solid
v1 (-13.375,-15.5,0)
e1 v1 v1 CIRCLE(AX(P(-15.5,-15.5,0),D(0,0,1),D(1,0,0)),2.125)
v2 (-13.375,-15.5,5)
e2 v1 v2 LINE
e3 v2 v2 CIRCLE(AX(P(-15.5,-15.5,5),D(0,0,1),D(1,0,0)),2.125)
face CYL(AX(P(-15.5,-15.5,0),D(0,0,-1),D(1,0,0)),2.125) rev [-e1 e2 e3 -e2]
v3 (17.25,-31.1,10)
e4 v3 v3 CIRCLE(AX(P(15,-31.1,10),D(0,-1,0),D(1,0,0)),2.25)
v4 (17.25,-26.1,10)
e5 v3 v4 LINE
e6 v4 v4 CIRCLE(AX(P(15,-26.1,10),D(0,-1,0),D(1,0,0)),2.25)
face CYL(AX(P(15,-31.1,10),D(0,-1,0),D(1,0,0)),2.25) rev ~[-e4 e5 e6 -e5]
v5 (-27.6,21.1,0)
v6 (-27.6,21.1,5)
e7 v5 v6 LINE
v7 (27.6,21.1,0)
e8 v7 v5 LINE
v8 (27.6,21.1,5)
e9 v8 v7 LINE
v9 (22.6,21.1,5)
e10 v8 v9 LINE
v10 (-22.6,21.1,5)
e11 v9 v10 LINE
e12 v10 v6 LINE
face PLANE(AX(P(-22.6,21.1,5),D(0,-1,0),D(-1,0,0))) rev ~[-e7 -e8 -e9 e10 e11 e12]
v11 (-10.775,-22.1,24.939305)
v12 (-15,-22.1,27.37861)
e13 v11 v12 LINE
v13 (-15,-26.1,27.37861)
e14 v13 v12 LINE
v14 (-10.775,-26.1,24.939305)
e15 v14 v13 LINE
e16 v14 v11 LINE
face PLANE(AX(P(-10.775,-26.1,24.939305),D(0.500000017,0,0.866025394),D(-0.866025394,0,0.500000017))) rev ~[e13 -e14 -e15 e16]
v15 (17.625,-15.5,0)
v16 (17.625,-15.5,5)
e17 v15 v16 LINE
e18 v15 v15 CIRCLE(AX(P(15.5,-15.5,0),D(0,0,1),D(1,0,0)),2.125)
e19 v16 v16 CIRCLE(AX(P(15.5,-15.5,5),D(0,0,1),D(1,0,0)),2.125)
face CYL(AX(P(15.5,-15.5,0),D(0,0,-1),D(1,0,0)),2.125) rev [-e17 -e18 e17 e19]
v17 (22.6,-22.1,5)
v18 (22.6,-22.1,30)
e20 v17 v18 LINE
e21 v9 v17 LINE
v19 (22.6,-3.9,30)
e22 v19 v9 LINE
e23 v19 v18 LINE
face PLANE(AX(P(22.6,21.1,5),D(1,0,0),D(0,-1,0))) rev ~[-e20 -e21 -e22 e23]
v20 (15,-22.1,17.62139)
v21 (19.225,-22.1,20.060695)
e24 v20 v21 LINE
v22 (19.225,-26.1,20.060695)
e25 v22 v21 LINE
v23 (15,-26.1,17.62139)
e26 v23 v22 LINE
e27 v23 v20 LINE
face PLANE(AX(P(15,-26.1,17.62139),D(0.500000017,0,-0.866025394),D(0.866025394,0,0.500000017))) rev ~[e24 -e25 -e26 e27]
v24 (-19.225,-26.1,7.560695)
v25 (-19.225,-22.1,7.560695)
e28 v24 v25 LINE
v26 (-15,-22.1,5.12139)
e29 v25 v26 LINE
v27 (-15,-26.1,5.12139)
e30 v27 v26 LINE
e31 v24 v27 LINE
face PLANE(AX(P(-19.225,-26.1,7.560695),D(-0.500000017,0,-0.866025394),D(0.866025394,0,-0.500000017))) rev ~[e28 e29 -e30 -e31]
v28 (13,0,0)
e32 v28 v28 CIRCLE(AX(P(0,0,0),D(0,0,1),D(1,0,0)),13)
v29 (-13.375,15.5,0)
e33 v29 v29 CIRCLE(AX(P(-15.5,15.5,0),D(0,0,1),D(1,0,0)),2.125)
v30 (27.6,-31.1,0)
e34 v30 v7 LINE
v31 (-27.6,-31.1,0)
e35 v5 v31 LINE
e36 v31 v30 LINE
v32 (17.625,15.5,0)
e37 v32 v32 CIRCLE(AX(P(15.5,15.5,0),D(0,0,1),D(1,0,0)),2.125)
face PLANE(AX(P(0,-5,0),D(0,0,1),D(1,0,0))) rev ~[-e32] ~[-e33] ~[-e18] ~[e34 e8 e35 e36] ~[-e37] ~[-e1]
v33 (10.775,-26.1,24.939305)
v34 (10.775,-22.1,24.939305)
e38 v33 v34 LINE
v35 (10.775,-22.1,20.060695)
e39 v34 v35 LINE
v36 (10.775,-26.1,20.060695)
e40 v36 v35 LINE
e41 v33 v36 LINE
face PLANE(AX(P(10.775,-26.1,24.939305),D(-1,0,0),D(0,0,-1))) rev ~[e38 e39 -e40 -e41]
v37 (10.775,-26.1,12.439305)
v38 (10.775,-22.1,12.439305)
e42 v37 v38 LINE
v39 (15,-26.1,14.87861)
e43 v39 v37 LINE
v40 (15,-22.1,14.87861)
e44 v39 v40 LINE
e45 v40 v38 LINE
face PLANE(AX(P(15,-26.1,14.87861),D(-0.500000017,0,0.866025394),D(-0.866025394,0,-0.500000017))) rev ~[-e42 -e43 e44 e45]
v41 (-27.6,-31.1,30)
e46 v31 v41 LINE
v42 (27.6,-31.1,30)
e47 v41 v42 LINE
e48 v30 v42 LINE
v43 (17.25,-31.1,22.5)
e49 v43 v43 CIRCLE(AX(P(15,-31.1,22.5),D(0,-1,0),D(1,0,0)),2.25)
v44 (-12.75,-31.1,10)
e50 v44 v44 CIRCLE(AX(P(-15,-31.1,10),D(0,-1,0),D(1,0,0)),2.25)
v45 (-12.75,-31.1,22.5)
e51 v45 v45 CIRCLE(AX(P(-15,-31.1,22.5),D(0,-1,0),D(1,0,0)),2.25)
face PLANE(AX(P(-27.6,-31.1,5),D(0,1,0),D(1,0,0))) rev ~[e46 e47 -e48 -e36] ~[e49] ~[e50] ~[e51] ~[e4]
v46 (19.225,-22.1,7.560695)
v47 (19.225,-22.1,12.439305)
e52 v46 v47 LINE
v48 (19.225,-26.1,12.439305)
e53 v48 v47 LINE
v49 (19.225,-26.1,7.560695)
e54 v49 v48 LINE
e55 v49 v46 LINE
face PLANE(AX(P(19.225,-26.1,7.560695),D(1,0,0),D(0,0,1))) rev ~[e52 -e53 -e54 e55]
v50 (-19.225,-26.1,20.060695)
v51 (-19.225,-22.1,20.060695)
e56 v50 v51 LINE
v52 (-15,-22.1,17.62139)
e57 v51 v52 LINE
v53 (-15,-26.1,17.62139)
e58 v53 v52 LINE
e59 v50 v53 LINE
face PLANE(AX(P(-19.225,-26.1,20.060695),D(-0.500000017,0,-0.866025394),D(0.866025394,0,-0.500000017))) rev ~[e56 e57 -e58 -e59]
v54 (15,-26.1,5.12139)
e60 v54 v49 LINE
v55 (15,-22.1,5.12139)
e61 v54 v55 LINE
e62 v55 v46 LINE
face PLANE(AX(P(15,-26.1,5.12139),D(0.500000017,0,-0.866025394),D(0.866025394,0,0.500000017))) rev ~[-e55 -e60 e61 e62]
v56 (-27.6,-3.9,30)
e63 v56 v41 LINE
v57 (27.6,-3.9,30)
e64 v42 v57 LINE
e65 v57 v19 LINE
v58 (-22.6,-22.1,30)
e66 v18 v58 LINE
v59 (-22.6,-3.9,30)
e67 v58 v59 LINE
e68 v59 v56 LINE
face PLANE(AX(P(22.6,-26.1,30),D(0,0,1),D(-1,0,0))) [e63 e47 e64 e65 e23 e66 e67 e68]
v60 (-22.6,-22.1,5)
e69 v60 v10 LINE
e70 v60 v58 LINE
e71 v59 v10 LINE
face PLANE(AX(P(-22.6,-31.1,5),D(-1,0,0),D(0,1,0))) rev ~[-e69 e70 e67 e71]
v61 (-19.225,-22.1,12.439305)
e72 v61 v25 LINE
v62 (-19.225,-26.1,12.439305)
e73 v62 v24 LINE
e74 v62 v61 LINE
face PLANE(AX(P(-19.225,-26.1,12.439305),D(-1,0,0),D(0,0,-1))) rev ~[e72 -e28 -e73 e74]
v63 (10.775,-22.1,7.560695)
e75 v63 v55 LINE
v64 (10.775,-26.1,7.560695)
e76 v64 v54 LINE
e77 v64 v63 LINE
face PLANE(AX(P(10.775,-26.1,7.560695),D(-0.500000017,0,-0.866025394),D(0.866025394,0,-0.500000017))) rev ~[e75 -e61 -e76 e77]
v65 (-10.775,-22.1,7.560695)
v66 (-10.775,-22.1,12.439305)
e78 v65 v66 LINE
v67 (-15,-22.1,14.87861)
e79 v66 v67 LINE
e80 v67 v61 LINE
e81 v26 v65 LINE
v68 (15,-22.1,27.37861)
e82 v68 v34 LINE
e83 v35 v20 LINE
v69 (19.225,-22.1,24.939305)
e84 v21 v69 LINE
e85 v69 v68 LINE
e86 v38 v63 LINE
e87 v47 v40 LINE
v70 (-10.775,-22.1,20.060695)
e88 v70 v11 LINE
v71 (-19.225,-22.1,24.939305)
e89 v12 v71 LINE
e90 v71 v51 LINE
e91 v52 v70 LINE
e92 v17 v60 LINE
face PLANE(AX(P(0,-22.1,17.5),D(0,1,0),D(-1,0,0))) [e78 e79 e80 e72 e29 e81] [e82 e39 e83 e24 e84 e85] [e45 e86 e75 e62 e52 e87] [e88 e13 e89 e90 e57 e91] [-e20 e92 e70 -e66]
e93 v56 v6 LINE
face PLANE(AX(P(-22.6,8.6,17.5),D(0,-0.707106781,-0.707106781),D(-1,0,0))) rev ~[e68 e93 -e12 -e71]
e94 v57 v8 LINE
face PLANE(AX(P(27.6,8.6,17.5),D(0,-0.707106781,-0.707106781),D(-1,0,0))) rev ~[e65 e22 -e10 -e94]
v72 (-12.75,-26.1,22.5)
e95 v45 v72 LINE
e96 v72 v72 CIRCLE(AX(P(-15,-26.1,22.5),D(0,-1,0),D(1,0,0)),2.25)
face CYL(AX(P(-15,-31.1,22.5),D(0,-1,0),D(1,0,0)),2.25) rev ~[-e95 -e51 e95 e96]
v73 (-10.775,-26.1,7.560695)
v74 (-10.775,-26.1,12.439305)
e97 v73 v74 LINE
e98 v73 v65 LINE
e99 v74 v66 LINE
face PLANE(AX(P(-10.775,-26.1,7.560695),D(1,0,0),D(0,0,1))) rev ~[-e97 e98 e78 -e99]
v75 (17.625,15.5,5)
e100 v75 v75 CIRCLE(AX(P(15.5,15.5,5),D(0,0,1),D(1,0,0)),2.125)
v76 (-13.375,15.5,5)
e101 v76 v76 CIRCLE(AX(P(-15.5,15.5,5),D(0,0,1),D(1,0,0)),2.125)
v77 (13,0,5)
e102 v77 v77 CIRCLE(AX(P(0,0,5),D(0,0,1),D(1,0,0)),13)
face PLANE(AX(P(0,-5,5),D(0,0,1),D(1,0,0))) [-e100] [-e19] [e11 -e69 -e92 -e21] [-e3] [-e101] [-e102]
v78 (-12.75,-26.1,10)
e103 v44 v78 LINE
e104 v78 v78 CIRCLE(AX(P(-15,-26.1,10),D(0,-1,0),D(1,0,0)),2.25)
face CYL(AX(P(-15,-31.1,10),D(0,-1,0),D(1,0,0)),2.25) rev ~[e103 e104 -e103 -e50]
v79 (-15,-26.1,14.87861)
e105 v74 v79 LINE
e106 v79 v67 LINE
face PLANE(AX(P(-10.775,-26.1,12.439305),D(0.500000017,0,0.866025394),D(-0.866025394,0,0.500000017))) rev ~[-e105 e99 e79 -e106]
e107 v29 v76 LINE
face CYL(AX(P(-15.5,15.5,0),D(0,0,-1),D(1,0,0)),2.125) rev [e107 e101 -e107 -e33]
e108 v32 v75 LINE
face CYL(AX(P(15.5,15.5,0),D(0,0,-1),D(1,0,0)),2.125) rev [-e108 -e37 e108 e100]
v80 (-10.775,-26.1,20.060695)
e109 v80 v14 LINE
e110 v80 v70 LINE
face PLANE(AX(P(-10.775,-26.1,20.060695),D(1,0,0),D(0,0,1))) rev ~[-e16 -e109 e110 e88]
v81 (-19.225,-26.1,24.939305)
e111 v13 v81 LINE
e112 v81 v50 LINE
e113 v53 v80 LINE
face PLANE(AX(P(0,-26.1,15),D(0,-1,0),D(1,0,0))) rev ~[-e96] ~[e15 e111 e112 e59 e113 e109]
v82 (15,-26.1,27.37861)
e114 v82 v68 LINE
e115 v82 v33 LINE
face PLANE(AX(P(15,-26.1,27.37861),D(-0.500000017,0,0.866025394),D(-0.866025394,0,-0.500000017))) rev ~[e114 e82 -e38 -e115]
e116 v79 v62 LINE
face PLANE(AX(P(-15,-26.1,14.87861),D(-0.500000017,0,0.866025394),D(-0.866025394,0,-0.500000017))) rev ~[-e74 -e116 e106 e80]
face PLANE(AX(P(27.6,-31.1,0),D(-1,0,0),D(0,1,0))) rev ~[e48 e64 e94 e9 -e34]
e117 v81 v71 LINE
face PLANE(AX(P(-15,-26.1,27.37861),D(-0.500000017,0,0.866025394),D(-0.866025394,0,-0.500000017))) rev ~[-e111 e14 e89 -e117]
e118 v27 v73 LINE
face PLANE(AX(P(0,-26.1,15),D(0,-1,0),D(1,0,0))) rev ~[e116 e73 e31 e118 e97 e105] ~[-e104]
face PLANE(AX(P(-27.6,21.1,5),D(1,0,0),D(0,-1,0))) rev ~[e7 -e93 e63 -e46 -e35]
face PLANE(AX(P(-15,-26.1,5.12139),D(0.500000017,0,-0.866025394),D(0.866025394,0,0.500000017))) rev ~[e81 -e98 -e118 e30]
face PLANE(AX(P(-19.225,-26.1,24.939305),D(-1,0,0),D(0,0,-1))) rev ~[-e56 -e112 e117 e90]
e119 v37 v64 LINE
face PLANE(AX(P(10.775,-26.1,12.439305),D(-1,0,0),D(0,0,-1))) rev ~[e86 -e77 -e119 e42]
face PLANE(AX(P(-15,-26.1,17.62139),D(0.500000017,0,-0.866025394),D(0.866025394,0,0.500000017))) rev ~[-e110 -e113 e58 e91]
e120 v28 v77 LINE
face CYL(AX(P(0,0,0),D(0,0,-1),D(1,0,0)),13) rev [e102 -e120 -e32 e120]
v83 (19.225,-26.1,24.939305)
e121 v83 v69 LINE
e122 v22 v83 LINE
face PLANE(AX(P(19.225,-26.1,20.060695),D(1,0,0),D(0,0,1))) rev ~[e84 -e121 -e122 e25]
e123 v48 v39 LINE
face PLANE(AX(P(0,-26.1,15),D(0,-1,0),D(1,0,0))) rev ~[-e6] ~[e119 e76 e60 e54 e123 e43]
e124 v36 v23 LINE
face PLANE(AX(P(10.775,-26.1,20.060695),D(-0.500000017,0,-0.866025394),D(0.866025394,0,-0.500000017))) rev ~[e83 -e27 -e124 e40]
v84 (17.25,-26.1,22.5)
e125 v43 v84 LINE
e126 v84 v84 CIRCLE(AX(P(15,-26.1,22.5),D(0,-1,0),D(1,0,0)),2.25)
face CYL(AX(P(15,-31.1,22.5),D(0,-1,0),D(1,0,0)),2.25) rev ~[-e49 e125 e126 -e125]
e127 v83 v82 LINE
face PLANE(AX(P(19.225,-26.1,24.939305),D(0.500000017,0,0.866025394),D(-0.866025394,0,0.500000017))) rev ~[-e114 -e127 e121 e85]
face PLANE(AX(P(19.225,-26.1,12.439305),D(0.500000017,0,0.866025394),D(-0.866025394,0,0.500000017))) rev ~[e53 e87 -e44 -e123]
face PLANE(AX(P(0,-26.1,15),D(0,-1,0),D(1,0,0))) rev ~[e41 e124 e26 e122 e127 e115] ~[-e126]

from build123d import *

# Parameters (mm, degrees)
F0_R     = 2.125
F0_R_2   = 13
F1_DEPTH = 5
F3_DEPTH = 25
F4_W     = 55.2
F4_H     = 30
F4_R     = 2.25
F5_DEPTH = 5
F6_W     = 45.2
F6_H     = 25
F7_DEPTH = 4
F8_SIZE  = 25


with BuildPart() as f1:
    # F0 (on Top) → F1 (new body)
    with BuildSketch(Plane.XY):
        Polygon((27.6, -21.1), (27.6, 21.1), (-27.6, 21.1), (-27.6, -21.1), (-27.6, -31.1), (0, -31.1), (27.6, -31.1), align=None)
        with Locations((-15.5, -15.5)):
            Circle(F0_R, mode=Mode.SUBTRACT)
        with Locations((15.5, -15.5)):
            Circle(F0_R, mode=Mode.SUBTRACT)
        with Locations((-15.5, 15.5)):
            Circle(F0_R, mode=Mode.SUBTRACT)
        Circle(F0_R_2, mode=Mode.SUBTRACT)
        with Locations((15.5, 15.5)):
            Circle(F0_R, mode=Mode.SUBTRACT)
    extrude(amount=F1_DEPTH)

    # F2 (on face) → F3 (join)
    with BuildSketch(Plane.XY.offset(5)):
        Polygon((-22.6, -21.1), (-22.6, 21.1), (-27.6, 21.1), (-27.6, -21.1), (-27.6, -31.1), (-22.6, -31.1), align=None)
        Polygon((27.6, 21.1), (22.6, 21.1), (22.6, -21.1), (22.6, -31.1), (27.6, -31.1), (27.6, -21.1), align=None)
    extrude(amount=F3_DEPTH)

    # F4 (on face) → F5 (join)
    with BuildSketch(Plane.XZ.offset(31.1)):
        with Locations((0, 15)):
            Rectangle(F4_W, F4_H)
        with Locations((-15, 10)):
            Circle(F4_R, mode=Mode.SUBTRACT)
        with Locations((15, 10)):
            Circle(F4_R, mode=Mode.SUBTRACT)
        with Locations((-15, 22.5)):
            Circle(F4_R, mode=Mode.SUBTRACT)
        with Locations((15, 22.5)):
            Circle(F4_R, mode=Mode.SUBTRACT)
    extrude(amount=-F5_DEPTH)

    # F6 (on face) → F7 (join)
    with BuildSketch(Plane(origin=(0, -26.1, 0), x_dir=(-1, 0, 0), z_dir=(0, 1, 0))):
        with Locations((0, 17.5)):
            Rectangle(F6_W, F6_H)
        Polygon((-15, 14.87861), (-10.775, 12.439305), (-10.775, 7.560695), (-15, 5.12139), (-19.225, 7.560695), (-19.225, 12.439305), align=None, mode=Mode.SUBTRACT)
        Polygon((10.775, 7.560695), (10.775, 12.439305), (15, 14.87861), (19.225, 12.439305), (19.225, 7.560695), (15, 5.12139), align=None, mode=Mode.SUBTRACT)
        Polygon((-15, 27.37861), (-10.775, 24.939305), (-10.775, 20.060695), (-15, 17.62139), (-19.225, 20.060695), (-19.225, 24.939305), align=None, mode=Mode.SUBTRACT)
        Polygon((10.775, 24.939305), (15, 27.37861), (19.225, 24.939305), (19.225, 20.060695), (15, 17.62139), (10.775, 20.060695), align=None, mode=Mode.SUBTRACT)
    extrude(amount=F7_DEPTH)

    # F8
    f8_edges = [f1.edges().sort_by_distance(p)[0] for p in [
        (-25.1, 21.1, 30),
        (25.1, 21.1, 30),
    ]]
    chamfer(f8_edges, length=F8_SIZE)


solid = f1.part
